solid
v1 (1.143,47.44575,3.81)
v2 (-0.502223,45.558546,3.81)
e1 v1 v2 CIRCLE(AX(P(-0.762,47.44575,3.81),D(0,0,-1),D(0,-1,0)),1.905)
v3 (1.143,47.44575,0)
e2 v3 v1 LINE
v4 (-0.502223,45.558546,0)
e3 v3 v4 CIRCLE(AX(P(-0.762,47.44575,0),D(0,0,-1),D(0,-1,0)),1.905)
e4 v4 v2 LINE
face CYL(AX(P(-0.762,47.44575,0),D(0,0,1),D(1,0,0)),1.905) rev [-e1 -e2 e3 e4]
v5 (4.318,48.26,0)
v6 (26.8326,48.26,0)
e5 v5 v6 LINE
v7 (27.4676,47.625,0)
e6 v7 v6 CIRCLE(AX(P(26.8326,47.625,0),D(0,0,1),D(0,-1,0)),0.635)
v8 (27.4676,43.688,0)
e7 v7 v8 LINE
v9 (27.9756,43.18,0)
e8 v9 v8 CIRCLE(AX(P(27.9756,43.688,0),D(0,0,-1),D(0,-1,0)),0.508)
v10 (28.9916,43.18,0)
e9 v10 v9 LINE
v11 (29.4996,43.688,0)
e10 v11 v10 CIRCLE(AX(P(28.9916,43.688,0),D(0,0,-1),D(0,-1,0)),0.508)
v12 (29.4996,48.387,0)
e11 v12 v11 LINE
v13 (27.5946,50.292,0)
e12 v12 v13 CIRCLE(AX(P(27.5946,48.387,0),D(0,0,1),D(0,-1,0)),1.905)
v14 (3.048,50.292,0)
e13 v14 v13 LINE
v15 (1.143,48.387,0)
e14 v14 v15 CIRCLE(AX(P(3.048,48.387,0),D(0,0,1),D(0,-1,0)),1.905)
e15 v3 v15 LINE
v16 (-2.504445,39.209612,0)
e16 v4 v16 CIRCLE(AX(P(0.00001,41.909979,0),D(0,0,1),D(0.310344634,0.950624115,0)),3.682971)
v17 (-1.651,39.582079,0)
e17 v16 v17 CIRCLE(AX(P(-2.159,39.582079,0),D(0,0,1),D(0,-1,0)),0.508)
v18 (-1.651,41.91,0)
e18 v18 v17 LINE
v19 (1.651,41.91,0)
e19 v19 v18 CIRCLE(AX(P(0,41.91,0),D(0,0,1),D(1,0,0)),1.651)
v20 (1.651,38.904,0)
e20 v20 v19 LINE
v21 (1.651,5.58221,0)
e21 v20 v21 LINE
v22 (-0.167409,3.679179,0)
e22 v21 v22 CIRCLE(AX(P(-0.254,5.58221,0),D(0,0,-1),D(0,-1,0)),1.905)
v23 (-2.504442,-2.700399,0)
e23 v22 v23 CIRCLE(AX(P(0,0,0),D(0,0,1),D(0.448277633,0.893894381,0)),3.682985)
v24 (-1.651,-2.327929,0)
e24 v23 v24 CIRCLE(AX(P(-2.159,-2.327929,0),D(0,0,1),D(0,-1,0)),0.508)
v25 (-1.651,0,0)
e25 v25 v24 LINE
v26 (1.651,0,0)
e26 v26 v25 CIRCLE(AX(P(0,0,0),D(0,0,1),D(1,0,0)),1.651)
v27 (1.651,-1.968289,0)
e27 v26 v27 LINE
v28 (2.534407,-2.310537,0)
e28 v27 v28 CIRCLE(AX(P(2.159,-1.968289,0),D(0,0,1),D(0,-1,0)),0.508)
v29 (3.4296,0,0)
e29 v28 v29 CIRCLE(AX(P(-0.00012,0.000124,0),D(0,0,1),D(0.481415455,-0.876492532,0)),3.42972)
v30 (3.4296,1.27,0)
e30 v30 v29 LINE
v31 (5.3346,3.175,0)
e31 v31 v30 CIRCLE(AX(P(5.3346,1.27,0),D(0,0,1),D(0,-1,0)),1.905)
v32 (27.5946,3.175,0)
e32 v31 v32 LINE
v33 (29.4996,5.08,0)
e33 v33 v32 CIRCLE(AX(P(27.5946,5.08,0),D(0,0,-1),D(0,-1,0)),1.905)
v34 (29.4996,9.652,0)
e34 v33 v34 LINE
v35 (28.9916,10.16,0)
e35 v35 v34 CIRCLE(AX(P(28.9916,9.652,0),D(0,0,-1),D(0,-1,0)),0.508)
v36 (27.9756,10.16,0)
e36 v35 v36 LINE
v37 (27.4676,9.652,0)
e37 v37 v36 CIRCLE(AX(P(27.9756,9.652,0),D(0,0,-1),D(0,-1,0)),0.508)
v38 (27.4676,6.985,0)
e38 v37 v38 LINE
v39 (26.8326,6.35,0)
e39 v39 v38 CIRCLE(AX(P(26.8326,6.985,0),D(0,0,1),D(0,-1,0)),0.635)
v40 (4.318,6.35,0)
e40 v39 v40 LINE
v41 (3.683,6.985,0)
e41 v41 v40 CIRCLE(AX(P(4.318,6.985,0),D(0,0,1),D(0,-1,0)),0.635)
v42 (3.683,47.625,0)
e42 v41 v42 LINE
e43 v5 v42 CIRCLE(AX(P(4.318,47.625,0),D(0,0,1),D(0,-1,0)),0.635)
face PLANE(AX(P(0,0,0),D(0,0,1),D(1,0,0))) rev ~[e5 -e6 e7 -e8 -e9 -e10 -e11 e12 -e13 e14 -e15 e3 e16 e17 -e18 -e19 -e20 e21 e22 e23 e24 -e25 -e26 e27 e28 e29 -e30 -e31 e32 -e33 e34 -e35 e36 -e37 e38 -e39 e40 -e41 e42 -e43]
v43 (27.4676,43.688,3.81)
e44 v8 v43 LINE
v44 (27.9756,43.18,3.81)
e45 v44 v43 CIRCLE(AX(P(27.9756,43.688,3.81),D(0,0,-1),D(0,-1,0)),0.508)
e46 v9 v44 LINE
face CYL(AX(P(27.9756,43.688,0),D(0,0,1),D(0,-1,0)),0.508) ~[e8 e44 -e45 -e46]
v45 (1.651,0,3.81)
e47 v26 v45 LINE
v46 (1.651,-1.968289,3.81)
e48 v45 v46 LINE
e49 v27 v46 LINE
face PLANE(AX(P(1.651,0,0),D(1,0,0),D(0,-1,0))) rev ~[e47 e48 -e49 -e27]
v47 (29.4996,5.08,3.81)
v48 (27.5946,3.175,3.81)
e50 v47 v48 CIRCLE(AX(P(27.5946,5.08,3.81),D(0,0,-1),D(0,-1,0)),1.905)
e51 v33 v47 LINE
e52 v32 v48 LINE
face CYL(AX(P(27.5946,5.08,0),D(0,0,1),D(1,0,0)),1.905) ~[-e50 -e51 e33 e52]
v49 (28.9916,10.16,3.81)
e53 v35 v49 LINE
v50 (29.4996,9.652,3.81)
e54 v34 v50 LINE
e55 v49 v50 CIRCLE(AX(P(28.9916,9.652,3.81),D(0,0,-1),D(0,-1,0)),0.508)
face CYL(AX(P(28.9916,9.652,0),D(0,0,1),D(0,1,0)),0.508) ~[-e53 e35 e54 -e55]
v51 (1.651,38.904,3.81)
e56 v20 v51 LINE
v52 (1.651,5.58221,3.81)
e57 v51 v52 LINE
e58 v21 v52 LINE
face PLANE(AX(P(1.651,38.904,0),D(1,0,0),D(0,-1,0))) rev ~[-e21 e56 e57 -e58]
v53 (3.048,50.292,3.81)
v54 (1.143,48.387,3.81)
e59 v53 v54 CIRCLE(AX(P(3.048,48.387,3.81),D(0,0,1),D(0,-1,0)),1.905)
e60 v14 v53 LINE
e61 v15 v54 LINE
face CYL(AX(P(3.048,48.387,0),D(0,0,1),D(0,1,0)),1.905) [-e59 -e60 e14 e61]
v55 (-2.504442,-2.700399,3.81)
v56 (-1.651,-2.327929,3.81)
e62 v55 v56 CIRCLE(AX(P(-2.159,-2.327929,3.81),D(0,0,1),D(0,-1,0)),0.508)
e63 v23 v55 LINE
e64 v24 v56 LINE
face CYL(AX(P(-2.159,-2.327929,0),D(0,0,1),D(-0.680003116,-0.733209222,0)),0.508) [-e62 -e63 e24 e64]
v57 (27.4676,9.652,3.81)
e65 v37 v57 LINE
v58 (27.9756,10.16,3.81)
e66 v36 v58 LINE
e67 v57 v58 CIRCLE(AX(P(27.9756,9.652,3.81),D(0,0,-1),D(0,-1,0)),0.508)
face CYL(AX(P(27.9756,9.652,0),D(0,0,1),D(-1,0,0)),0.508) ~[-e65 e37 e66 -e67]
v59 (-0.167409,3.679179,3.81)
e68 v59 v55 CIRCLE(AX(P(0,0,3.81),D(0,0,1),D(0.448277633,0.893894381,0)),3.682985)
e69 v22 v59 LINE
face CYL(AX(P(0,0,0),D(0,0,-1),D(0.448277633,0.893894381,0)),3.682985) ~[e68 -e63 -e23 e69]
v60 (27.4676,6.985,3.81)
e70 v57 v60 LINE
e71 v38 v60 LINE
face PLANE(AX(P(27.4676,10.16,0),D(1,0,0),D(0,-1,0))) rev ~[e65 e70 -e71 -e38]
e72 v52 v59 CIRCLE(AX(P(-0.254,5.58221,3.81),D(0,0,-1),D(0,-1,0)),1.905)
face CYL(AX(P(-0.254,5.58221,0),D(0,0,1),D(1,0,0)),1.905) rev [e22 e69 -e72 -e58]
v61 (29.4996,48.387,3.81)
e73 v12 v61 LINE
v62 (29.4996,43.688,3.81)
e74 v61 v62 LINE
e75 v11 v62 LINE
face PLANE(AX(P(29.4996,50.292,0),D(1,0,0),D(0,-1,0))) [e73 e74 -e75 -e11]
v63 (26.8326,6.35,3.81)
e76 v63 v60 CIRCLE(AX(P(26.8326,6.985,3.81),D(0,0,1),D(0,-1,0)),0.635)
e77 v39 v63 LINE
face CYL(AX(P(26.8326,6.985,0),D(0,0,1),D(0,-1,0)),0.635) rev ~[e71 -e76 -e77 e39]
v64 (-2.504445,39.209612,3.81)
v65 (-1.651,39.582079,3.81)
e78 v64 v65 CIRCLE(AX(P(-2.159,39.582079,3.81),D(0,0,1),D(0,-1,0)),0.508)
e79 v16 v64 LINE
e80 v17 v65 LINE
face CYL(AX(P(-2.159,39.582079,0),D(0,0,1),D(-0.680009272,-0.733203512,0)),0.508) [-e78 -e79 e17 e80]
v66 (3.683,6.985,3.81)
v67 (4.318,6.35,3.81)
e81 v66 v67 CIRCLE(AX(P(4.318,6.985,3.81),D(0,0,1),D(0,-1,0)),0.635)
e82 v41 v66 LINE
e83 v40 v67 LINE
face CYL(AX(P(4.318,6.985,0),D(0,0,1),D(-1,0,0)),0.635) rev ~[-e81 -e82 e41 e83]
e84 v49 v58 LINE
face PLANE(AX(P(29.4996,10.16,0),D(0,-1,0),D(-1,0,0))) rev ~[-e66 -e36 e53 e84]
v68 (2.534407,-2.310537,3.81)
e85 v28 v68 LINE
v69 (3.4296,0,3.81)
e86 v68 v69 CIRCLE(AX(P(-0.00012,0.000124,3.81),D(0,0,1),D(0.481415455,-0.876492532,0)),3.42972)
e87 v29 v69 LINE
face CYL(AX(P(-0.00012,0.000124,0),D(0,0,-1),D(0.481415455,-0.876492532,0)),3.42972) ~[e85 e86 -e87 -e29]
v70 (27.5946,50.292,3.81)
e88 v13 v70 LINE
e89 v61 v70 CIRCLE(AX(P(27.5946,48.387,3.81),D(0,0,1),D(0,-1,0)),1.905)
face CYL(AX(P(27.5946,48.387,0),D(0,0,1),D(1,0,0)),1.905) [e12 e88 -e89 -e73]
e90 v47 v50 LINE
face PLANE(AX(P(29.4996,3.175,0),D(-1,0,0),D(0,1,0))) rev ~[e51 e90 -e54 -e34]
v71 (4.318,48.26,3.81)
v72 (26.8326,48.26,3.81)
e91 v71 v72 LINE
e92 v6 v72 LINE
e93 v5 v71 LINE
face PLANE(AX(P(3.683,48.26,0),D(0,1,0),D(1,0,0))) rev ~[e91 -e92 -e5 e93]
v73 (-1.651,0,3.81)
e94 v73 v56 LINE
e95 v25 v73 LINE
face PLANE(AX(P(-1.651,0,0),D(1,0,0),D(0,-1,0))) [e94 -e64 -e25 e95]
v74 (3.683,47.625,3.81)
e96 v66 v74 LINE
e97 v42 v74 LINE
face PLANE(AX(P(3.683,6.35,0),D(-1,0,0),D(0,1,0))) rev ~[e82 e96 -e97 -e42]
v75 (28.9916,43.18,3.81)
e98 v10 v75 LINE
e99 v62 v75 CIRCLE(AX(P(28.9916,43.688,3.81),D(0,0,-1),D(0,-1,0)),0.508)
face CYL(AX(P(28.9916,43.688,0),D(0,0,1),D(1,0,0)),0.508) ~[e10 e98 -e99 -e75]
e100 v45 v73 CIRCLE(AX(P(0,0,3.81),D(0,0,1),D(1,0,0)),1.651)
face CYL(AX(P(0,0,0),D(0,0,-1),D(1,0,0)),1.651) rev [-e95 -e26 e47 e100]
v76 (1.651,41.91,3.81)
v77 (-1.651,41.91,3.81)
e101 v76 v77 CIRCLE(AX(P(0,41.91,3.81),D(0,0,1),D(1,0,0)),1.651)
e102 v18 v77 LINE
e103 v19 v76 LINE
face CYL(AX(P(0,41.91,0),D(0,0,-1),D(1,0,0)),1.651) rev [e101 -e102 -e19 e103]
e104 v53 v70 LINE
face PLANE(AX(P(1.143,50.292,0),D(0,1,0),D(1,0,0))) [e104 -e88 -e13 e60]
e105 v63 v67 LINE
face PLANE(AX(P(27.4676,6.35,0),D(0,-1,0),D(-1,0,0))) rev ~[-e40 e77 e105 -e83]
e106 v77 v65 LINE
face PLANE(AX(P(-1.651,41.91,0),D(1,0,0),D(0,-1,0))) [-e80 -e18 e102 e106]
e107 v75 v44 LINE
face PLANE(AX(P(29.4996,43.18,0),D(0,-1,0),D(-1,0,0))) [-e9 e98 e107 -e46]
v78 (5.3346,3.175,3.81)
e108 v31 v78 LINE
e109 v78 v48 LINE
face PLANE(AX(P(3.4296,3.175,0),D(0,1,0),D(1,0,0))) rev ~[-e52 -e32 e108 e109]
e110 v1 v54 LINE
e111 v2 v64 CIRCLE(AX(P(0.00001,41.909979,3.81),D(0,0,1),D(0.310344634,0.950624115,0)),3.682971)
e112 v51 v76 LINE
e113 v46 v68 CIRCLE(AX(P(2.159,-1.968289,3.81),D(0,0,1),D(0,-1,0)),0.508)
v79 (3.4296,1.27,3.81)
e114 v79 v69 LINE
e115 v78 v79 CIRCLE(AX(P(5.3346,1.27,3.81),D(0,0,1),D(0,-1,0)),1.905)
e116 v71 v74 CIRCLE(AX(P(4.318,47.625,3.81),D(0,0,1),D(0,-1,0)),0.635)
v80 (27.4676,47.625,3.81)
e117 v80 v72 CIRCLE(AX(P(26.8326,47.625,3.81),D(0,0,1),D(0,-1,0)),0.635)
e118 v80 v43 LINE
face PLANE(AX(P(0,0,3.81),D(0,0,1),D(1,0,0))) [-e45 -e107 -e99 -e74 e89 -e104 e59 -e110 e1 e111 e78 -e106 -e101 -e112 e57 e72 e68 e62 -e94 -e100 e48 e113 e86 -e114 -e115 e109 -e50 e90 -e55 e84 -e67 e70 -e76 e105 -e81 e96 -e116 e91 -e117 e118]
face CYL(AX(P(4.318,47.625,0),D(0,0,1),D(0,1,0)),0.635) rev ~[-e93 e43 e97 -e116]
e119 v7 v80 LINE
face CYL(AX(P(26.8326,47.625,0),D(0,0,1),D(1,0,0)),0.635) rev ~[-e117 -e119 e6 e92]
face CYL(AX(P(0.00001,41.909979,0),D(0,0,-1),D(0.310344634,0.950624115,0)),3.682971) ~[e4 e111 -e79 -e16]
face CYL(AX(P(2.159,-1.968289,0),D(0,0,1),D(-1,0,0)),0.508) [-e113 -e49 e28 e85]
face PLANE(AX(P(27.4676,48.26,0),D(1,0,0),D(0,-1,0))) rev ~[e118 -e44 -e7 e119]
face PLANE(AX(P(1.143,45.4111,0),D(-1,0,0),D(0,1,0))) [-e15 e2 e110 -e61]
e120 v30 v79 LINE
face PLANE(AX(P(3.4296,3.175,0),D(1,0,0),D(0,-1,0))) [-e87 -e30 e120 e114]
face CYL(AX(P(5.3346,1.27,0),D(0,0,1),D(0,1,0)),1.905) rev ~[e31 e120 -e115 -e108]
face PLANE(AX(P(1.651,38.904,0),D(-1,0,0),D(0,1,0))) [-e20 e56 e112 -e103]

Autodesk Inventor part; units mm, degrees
ref_plane "YZ Plane" through (0, 0, 0) normal (1, 0, 0) x (0, 1, 0)
ref_plane "XZ Plane" through (0, 0, 0) normal (0, 1, 0) x (-1, 0, 0)
ref_plane "XY Plane" through (0, 0, 0) normal (0, 0, 1) x (1, 0, 0)
sketch "Sketch1" plane through (0, 0, 0) normal (0, 0, 1) x (1, 0, 0)
  arc A0 (1.651, 0) -> (-1.651, 0) centre (0, 0) ccw
  arc A1 (1.651, 41.91) -> (-1.651, 41.91) centre (0, 41.91) ccw
  arc A2 (1.143, 45.4111) -> (-1.651, 38.6178) centre (0, 41.91) ccw
  line L0 (3.683, 48.26) -> (27.4676, 48.26)
  line L1 (27.4676, 6.35) -> (3.683, 6.35)
  line L2 (3.683, 6.35) -> (3.683, 48.26)
  line L3 (3.4296, 3.175) -> (3.4296, 0)
  line L4 (1.651, 38.904) -> (1.651, 3.2922)
  line L5 (1.143, 45.4111) -> (1.143, 50.292)
  line L6 (1.143, 50.292) -> (29.4996, 50.292)
  line L7 (29.4996, 50.292) -> (29.4996, 43.18)
  line L8 (29.4996, 43.18) -> (27.4676, 43.18)
  line L9 (3.4296, 3.175) -> (29.4996, 3.175)
  line L10 (29.4996, 3.175) -> (29.4996, 10.16)
  line L11 (29.4996, 10.16) -> (27.4676, 10.16)
  line L12 (27.4676, 48.26) -> (27.4676, 43.18)
  line L13 (27.4676, 10.16) -> (27.4676, 6.35)
  line L14 (1.651, 38.904) -> (1.651, 41.91)
  line L15 (-1.651, 41.91) -> (-1.651, 38.6178)
  line L16 (-1.651, 0) -> (-1.651, -3.2922)
  line L17 (1.651, 0) -> (1.651, -3.006)
  arc A3 (1.651, 3.2922) -> (-1.651, -3.2922) centre (0, 0) ccw
  arc A4 (1.651, -3.006) -> (3.4296, 0) centre (0, 0) ccw
  dimension "d0" = 3.302
  dimension "d2" = 41.91
  dimension "d4" = 6.35
  dimension "d5" = 6.35
  dimension "d6" = 3.683
  dimension "d7" = 2.54
  dimension "d8" = 2.032
  dimension "d9" = 2.032
  dimension "d10" = 5.08
  dimension "d11" = 3.81
  dimension "d12" = 3.175
  dimension "d13" = 2.032
extrude "Extrusion1" add sketch "Sketch1" along normal blind 3.81
fillet "Fillet1" radius 0.635 4 edges at (3.683, 48.26, 1.905) (3.683, 6.35, 1.905) (27.4676, 6.35, 1.905) (27.4676, 48.26, 1.905)
fillet "Fillet2" radius 1.905 6 edges at (1.143, 45.4111, 1.905) (1.651, 3.2922, 1.905) (3.4296, 3.175, 1.905) (29.4996, 50.292, 1.905) (1.143, 50.292, 1.905) (29.4996, 3.175, 1.905)
fillet "Fillet3" radius 0.508 3 edges at (1.651, -3.006, 1.905) (-1.651, -3.2922, 1.905) (-1.651, 38.6178, 1.905)
fillet "Fillet4" radius 0.508 4 edges at (27.4676, 10.16, 1.905) (27.4676, 43.18, 1.905) (29.4996, 43.18, 1.905) (29.4996, 10.16, 1.905)
properties part number "batteryHolderBracket" material "ABS Plastic"
